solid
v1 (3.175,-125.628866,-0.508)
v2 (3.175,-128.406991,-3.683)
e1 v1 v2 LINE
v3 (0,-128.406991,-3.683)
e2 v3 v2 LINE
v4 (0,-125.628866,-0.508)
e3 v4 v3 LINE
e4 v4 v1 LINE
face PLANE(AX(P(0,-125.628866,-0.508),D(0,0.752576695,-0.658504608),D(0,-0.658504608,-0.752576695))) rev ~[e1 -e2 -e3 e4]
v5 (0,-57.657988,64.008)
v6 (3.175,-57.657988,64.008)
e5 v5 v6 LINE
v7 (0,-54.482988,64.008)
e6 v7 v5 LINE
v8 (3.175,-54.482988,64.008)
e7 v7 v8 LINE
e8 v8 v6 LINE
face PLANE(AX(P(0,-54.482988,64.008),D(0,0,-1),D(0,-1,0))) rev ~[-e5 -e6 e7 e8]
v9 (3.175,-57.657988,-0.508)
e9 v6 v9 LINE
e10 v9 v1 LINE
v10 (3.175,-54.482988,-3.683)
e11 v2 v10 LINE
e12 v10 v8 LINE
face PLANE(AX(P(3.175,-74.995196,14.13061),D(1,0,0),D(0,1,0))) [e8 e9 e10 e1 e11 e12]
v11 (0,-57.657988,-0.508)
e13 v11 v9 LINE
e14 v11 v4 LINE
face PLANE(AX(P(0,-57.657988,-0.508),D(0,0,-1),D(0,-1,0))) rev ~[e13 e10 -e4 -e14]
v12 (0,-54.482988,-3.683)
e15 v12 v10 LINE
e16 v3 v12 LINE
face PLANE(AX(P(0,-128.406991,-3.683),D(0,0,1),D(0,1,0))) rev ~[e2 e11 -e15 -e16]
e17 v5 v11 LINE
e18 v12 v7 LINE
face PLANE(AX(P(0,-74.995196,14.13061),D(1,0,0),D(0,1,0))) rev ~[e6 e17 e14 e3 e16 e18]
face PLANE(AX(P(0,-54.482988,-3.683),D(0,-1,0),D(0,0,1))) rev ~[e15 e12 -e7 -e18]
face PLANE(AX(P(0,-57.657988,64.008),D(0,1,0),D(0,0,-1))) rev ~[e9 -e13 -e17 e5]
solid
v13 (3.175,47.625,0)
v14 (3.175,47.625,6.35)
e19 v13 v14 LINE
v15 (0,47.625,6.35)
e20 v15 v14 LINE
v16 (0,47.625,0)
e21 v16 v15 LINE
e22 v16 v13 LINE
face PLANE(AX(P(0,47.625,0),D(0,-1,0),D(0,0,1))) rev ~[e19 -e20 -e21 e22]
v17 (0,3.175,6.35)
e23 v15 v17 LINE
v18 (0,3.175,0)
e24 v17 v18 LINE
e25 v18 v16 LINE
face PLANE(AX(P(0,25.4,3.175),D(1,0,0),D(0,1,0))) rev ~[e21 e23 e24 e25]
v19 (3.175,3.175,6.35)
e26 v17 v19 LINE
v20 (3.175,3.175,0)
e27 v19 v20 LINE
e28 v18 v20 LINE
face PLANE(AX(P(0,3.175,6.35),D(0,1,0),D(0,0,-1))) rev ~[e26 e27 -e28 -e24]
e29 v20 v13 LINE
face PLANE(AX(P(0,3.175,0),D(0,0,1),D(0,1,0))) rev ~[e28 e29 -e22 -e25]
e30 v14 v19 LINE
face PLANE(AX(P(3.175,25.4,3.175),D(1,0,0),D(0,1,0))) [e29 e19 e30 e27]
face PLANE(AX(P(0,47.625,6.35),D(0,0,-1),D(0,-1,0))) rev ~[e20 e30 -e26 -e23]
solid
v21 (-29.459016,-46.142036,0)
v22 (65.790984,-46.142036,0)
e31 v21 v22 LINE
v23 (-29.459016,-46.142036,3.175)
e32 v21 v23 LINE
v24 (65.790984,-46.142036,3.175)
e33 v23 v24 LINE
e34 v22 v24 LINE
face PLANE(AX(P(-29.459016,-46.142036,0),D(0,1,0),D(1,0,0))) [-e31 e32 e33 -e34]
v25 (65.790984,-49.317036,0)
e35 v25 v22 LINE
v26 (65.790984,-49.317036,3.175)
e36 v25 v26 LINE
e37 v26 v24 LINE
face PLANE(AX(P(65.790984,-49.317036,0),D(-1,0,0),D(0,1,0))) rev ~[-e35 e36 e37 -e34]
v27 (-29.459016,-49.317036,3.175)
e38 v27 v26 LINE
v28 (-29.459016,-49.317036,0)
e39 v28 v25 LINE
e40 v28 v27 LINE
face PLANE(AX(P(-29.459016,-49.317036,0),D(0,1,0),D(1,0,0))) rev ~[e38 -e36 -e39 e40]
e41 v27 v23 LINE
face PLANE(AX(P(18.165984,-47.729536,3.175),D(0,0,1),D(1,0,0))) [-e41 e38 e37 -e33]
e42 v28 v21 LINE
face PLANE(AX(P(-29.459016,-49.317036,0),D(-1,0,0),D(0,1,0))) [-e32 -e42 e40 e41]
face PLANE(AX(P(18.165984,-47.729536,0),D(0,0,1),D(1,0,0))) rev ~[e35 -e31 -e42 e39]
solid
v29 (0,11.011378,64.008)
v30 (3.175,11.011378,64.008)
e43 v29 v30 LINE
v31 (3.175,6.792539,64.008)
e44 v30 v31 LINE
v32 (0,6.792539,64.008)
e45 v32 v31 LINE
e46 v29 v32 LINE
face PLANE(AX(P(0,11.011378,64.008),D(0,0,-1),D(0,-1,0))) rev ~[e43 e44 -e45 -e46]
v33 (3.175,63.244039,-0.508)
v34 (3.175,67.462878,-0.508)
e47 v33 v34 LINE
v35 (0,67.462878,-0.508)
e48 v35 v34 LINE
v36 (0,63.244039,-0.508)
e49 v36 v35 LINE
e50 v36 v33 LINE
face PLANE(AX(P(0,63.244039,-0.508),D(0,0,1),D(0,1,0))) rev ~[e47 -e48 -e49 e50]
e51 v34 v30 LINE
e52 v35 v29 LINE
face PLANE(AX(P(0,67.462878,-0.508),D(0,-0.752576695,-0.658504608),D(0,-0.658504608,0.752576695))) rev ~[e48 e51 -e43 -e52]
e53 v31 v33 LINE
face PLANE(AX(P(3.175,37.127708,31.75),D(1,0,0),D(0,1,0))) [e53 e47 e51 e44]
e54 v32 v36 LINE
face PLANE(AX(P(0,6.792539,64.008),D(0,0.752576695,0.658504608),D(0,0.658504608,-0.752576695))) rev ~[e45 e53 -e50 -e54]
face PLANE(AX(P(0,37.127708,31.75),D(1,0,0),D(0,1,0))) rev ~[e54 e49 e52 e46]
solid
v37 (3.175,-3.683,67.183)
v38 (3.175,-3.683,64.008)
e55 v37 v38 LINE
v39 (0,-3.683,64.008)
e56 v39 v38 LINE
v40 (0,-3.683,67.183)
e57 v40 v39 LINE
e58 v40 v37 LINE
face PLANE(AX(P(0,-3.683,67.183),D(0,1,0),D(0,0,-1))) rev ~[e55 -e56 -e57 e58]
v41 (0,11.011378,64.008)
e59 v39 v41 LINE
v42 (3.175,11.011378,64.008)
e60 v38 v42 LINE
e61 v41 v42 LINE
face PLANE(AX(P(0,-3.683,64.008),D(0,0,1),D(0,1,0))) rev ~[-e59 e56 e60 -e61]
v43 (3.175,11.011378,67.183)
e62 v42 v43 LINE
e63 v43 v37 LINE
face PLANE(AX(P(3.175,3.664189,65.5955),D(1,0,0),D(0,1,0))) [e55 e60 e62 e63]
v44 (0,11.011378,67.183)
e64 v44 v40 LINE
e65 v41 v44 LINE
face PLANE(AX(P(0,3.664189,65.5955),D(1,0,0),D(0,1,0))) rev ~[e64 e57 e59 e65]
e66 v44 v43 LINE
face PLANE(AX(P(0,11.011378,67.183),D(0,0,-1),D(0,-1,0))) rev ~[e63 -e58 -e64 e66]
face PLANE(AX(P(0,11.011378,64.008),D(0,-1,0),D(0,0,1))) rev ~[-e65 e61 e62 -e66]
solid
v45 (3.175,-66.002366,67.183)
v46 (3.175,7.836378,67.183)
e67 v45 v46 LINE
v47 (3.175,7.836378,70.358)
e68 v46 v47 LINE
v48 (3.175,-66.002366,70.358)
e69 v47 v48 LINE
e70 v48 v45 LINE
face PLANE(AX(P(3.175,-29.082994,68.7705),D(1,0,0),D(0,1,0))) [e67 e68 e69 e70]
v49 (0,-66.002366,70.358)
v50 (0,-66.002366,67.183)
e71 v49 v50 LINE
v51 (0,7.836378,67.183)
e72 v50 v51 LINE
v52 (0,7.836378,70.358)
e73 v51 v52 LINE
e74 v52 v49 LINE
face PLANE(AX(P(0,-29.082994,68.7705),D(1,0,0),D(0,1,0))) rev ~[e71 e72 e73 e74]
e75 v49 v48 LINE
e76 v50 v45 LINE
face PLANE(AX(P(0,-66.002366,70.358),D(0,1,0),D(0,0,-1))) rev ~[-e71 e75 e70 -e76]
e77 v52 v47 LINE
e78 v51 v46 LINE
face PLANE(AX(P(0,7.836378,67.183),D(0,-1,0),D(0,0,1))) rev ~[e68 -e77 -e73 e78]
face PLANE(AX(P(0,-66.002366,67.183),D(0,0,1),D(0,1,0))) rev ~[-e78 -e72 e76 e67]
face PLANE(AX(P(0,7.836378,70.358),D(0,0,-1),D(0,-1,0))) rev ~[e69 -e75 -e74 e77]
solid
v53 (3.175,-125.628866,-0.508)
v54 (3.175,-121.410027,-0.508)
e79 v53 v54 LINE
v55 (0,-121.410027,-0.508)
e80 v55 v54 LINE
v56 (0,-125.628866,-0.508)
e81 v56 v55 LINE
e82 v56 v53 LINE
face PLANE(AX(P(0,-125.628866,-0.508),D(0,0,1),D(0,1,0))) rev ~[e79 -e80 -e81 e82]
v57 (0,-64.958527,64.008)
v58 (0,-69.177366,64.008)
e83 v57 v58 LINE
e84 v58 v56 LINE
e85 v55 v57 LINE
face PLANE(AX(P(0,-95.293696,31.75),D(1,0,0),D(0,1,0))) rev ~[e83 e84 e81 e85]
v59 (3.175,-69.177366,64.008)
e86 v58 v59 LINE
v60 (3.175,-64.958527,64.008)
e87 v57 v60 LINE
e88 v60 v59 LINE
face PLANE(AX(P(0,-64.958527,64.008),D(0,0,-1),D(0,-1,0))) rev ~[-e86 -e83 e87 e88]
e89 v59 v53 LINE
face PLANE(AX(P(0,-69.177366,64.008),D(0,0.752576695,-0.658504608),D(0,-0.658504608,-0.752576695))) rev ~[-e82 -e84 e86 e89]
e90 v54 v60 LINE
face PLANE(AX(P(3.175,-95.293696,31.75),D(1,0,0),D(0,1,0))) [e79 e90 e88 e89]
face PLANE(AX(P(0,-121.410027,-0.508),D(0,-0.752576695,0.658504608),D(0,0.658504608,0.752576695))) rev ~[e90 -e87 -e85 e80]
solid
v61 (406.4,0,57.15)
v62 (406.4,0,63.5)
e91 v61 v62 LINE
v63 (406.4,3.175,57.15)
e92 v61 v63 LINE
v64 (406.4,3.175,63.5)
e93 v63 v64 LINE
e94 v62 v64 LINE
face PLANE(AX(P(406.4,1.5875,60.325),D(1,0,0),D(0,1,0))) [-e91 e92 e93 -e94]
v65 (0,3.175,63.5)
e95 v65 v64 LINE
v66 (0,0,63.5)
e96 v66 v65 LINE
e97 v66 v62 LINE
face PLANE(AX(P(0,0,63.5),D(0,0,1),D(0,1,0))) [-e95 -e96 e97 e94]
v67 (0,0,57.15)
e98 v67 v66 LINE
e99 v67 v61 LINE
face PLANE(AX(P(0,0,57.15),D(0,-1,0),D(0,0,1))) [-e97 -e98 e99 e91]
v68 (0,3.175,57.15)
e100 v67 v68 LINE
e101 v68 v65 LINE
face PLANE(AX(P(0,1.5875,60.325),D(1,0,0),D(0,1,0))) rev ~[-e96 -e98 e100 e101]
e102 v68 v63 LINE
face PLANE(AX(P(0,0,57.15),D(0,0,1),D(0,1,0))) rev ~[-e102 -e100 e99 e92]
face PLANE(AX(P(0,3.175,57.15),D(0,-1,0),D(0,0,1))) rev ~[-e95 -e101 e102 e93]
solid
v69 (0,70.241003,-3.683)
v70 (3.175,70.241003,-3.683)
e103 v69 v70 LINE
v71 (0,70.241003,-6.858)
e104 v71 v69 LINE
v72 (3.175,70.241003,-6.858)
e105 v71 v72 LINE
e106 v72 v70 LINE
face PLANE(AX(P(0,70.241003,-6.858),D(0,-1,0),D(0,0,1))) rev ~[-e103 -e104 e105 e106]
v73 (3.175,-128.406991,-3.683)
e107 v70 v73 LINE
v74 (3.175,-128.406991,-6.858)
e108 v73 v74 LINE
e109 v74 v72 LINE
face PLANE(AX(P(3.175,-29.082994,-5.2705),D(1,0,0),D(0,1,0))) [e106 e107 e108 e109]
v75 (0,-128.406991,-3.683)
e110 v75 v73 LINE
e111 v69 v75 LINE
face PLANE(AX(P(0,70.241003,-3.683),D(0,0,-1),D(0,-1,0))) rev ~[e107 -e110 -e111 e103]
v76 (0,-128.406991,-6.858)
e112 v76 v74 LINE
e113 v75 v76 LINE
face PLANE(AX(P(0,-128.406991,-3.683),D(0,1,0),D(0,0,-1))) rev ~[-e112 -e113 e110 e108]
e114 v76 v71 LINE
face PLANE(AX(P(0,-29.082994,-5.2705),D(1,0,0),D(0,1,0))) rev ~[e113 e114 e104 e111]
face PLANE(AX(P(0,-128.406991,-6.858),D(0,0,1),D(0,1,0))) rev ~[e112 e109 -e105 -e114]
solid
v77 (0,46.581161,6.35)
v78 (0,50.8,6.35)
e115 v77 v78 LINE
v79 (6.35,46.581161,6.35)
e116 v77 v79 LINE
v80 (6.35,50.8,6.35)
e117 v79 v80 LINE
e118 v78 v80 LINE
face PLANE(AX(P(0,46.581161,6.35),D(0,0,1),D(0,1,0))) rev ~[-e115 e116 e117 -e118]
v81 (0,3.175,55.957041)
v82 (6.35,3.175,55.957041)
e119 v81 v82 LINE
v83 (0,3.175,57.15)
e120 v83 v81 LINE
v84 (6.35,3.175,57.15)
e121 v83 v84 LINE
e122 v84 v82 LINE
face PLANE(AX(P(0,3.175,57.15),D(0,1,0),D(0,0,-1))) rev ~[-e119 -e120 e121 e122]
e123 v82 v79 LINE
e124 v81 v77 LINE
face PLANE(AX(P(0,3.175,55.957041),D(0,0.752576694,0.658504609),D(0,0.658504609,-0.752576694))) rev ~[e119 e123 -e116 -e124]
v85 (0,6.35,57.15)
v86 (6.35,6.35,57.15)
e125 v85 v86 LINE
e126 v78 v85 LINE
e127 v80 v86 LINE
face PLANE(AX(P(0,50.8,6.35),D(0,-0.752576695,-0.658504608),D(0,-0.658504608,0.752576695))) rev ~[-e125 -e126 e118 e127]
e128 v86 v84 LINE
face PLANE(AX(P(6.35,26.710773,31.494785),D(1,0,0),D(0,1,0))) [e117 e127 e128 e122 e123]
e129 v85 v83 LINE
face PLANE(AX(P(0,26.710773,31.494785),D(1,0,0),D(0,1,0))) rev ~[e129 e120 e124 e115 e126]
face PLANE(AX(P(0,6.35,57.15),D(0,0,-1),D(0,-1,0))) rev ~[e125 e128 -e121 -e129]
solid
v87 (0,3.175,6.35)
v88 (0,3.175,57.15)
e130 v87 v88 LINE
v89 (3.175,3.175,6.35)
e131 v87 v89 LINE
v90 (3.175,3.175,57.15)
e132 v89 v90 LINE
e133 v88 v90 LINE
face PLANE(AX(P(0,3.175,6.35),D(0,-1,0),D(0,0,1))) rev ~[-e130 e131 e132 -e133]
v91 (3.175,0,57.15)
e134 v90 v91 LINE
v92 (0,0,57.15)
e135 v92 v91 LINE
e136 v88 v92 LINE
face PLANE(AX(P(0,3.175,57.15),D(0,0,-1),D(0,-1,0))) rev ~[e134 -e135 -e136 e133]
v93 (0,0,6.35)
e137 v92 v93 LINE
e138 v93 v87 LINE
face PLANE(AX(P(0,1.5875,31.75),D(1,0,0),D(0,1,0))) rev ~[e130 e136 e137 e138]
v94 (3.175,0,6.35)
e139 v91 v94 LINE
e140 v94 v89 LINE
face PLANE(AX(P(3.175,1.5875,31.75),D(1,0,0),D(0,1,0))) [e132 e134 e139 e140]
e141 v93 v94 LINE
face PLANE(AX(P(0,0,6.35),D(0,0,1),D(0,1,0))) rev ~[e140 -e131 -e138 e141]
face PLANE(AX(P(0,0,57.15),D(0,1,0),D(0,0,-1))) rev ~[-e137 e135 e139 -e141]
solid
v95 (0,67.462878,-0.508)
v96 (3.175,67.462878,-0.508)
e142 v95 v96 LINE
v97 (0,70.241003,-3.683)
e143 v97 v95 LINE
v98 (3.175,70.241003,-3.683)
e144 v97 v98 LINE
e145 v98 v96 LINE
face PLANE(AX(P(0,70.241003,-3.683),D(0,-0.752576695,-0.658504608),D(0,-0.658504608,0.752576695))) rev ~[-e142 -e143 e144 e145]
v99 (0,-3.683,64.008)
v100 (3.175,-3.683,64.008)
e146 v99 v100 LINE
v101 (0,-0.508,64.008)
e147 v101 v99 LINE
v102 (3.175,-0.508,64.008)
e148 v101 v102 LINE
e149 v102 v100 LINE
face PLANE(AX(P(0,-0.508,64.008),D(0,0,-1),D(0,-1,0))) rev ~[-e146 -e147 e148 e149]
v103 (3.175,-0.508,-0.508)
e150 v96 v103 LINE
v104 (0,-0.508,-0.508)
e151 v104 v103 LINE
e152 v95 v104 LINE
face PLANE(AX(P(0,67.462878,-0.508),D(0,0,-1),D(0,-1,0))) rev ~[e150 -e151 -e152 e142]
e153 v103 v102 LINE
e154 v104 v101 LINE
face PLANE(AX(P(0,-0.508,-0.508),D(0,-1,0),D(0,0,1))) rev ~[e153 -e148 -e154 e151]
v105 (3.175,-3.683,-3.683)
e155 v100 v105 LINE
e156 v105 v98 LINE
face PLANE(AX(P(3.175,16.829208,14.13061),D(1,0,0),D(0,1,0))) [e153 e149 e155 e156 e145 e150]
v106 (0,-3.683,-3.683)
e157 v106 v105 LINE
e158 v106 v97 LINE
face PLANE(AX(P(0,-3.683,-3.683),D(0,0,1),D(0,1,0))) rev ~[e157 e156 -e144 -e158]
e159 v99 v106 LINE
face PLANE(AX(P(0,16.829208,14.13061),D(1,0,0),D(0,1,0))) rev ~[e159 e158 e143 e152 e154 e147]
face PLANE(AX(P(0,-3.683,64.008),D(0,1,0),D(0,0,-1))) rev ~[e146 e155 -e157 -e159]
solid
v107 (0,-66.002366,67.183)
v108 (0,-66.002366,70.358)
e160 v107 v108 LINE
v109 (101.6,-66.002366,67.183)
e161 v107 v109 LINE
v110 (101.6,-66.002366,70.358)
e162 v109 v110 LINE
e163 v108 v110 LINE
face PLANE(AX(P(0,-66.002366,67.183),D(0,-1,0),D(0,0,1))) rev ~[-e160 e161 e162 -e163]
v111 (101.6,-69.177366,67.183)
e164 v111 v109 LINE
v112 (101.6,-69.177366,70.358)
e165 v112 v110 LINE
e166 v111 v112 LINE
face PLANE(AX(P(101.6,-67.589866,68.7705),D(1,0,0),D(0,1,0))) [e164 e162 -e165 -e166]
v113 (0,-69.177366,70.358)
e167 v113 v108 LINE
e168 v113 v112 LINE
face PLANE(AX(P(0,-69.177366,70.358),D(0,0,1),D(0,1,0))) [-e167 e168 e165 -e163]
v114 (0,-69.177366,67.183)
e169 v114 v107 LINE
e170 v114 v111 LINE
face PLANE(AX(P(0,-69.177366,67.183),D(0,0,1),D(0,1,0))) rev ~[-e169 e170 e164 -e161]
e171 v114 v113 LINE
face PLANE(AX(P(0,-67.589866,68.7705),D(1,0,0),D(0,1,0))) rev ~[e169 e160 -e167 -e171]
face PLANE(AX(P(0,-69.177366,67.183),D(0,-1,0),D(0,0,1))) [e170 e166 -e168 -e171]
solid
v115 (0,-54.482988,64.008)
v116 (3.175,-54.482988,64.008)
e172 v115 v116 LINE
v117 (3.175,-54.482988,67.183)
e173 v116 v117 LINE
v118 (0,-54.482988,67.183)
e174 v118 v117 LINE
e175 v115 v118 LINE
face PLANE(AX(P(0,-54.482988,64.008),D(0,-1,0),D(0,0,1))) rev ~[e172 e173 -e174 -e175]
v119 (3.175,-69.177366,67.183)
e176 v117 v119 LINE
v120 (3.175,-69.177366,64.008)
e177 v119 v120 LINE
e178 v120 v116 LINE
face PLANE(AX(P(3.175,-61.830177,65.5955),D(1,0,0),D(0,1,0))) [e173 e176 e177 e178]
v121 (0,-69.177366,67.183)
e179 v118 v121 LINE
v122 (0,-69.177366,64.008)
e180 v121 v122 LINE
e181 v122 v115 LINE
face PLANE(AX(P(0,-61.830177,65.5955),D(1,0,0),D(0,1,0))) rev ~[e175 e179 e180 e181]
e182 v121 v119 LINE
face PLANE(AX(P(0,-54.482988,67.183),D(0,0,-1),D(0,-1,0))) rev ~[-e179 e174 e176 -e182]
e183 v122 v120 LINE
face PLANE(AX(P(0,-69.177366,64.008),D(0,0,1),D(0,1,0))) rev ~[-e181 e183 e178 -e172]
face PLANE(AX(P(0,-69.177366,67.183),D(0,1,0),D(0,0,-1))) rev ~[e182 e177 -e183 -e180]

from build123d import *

# Parameters (mm, degrees)
F1_DEPTH  = 3.175
F0_W      = 3.175
F0_H      = 6.35
F2_DEPTH  = 406.4
F3_DEPTH  = 3.175
F4_DEPTH  = 6.35
F6_DEPTH  = 3.175
F7_DEPTH  = 3.175
F8_DEPTH  = 3.175
F9_DEPTH  = 3.175
F10_DEPTH = 3.175
F5_W      = 3.175
F5_H      = 3.175
F11_DEPTH = 101.6
F12_W     = 95.25
F12_H     = 3.175
F13_DEPTH = 3.175


with BuildPart() as f1:
    # F0 (on Right) → F1 (new body)
    with BuildSketch(Plane.YZ):
        Polygon((0, 57.15), (0, 6.35), (3.175, 6.35), (3.175, 55.957041), (3.175, 57.15), align=None)
    extrude(amount=F1_DEPTH)


with BuildPart() as f2:
    # F0 (on Right) → F2 (new body)
    with BuildSketch(Plane.YZ):
        with Locations((1.5875, 60.325)):
            Rectangle(F0_W, F0_H)
    extrude(amount=F2_DEPTH)


with BuildPart() as f3:
    # F0 (on Right) → F3 (new body)
    with BuildSketch(Plane.YZ):
        Polygon((3.175, 6.35), (3.175, 0), (47.625, 0), (47.625, 6.35), (46.581161, 6.35), align=None)
    extrude(amount=F3_DEPTH)


with BuildPart() as f4:
    # F0 (on Right) → F4 (new body)
    with BuildSketch(Plane.YZ):
        Polygon((3.175, 55.957041), (46.581161, 6.35), (47.625, 6.35), (50.8, 6.35), (6.35, 57.15), (3.175, 57.15), align=None)
    extrude(amount=F4_DEPTH)


with BuildPart() as f6:
    # F5 (on face) → F6 (new body)
    with BuildSketch(Plane.YZ):
        Polygon((-3.683, 64.008), (-0.508, 64.008), (6.792539, 64.008), (11.011378, 64.008), (11.011378, 67.183), (7.836378, 67.183), (-3.683, 67.183), align=None)
        Polygon((-54.482988, 64.008), (-54.482988, 67.183), (-66.002366, 67.183), (-69.177366, 67.183), (-69.177366, 64.008), (-64.958527, 64.008), (-57.657988, 64.008), align=None)
    extrude(amount=F6_DEPTH)


with BuildPart() as f7:
    # F5 (on face) → F7 (new body)
    with BuildSketch(Plane.YZ):
        Polygon((70.241003, -3.683), (-3.683, -3.683), (-54.482988, -3.683), (-128.406991, -3.683), (-128.406991, -6.858), (70.241003, -6.858), align=None)
    extrude(amount=F7_DEPTH)


with BuildPart() as f8:
    # F5 (on face) → F8 (new body)
    with BuildSketch(Plane.YZ):
        Polygon((-0.508, -0.508), (-0.508, 64.008), (-3.683, 64.008), (-3.683, -3.683), (70.241003, -3.683), (67.462878, -0.508), (63.244039, -0.508), align=None)
        Polygon((-128.406991, -3.683), (-54.482988, -3.683), (-54.482988, 64.008), (-57.657988, 64.008), (-57.657988, -0.508), (-121.410027, -0.508), (-125.628866, -0.508), align=None)
    extrude(amount=F8_DEPTH)


with BuildPart() as f9:
    # F5 (on face) → F9 (new body)
    with BuildSketch(Plane.YZ):
        Polygon((11.011378, 64.008), (6.792539, 64.008), (63.244039, -0.508), (67.462878, -0.508), align=None)
        Polygon((-69.177366, 64.008), (-125.628866, -0.508), (-121.410027, -0.508), (-64.958527, 64.008), align=None)
    extrude(amount=F9_DEPTH)


with BuildPart() as f10:
    # F5 (on face) → F10 (new body)
    with BuildSketch(Plane.YZ):
        Polygon((-54.482988, 67.183), (-3.683, 67.183), (7.836378, 67.183), (7.836378, 70.358), (-66.002366, 70.358), (-66.002366, 67.183), align=None)
    extrude(amount=F10_DEPTH)


with BuildPart() as f11:
    # F5 (on face) → F11 (new body)
    with BuildSketch(Plane.YZ):
        with Locations((-67.589866, 68.7705)):
            Rectangle(F5_W, F5_H)
    extrude(amount=F11_DEPTH)


with BuildPart() as f13:
    # F12 (on Top) → F13 (new body)
    with BuildSketch(Plane.XY):
        with Locations((18.165984, -47.729536)):
            Rectangle(F12_W, F12_H)
    extrude(amount=F13_DEPTH)


solid = Compound([f1.part, f2.part, f3.part, f4.part, f6.part, f7.part, f8.part, f9.part, f10.part, f11.part, f13.part])
